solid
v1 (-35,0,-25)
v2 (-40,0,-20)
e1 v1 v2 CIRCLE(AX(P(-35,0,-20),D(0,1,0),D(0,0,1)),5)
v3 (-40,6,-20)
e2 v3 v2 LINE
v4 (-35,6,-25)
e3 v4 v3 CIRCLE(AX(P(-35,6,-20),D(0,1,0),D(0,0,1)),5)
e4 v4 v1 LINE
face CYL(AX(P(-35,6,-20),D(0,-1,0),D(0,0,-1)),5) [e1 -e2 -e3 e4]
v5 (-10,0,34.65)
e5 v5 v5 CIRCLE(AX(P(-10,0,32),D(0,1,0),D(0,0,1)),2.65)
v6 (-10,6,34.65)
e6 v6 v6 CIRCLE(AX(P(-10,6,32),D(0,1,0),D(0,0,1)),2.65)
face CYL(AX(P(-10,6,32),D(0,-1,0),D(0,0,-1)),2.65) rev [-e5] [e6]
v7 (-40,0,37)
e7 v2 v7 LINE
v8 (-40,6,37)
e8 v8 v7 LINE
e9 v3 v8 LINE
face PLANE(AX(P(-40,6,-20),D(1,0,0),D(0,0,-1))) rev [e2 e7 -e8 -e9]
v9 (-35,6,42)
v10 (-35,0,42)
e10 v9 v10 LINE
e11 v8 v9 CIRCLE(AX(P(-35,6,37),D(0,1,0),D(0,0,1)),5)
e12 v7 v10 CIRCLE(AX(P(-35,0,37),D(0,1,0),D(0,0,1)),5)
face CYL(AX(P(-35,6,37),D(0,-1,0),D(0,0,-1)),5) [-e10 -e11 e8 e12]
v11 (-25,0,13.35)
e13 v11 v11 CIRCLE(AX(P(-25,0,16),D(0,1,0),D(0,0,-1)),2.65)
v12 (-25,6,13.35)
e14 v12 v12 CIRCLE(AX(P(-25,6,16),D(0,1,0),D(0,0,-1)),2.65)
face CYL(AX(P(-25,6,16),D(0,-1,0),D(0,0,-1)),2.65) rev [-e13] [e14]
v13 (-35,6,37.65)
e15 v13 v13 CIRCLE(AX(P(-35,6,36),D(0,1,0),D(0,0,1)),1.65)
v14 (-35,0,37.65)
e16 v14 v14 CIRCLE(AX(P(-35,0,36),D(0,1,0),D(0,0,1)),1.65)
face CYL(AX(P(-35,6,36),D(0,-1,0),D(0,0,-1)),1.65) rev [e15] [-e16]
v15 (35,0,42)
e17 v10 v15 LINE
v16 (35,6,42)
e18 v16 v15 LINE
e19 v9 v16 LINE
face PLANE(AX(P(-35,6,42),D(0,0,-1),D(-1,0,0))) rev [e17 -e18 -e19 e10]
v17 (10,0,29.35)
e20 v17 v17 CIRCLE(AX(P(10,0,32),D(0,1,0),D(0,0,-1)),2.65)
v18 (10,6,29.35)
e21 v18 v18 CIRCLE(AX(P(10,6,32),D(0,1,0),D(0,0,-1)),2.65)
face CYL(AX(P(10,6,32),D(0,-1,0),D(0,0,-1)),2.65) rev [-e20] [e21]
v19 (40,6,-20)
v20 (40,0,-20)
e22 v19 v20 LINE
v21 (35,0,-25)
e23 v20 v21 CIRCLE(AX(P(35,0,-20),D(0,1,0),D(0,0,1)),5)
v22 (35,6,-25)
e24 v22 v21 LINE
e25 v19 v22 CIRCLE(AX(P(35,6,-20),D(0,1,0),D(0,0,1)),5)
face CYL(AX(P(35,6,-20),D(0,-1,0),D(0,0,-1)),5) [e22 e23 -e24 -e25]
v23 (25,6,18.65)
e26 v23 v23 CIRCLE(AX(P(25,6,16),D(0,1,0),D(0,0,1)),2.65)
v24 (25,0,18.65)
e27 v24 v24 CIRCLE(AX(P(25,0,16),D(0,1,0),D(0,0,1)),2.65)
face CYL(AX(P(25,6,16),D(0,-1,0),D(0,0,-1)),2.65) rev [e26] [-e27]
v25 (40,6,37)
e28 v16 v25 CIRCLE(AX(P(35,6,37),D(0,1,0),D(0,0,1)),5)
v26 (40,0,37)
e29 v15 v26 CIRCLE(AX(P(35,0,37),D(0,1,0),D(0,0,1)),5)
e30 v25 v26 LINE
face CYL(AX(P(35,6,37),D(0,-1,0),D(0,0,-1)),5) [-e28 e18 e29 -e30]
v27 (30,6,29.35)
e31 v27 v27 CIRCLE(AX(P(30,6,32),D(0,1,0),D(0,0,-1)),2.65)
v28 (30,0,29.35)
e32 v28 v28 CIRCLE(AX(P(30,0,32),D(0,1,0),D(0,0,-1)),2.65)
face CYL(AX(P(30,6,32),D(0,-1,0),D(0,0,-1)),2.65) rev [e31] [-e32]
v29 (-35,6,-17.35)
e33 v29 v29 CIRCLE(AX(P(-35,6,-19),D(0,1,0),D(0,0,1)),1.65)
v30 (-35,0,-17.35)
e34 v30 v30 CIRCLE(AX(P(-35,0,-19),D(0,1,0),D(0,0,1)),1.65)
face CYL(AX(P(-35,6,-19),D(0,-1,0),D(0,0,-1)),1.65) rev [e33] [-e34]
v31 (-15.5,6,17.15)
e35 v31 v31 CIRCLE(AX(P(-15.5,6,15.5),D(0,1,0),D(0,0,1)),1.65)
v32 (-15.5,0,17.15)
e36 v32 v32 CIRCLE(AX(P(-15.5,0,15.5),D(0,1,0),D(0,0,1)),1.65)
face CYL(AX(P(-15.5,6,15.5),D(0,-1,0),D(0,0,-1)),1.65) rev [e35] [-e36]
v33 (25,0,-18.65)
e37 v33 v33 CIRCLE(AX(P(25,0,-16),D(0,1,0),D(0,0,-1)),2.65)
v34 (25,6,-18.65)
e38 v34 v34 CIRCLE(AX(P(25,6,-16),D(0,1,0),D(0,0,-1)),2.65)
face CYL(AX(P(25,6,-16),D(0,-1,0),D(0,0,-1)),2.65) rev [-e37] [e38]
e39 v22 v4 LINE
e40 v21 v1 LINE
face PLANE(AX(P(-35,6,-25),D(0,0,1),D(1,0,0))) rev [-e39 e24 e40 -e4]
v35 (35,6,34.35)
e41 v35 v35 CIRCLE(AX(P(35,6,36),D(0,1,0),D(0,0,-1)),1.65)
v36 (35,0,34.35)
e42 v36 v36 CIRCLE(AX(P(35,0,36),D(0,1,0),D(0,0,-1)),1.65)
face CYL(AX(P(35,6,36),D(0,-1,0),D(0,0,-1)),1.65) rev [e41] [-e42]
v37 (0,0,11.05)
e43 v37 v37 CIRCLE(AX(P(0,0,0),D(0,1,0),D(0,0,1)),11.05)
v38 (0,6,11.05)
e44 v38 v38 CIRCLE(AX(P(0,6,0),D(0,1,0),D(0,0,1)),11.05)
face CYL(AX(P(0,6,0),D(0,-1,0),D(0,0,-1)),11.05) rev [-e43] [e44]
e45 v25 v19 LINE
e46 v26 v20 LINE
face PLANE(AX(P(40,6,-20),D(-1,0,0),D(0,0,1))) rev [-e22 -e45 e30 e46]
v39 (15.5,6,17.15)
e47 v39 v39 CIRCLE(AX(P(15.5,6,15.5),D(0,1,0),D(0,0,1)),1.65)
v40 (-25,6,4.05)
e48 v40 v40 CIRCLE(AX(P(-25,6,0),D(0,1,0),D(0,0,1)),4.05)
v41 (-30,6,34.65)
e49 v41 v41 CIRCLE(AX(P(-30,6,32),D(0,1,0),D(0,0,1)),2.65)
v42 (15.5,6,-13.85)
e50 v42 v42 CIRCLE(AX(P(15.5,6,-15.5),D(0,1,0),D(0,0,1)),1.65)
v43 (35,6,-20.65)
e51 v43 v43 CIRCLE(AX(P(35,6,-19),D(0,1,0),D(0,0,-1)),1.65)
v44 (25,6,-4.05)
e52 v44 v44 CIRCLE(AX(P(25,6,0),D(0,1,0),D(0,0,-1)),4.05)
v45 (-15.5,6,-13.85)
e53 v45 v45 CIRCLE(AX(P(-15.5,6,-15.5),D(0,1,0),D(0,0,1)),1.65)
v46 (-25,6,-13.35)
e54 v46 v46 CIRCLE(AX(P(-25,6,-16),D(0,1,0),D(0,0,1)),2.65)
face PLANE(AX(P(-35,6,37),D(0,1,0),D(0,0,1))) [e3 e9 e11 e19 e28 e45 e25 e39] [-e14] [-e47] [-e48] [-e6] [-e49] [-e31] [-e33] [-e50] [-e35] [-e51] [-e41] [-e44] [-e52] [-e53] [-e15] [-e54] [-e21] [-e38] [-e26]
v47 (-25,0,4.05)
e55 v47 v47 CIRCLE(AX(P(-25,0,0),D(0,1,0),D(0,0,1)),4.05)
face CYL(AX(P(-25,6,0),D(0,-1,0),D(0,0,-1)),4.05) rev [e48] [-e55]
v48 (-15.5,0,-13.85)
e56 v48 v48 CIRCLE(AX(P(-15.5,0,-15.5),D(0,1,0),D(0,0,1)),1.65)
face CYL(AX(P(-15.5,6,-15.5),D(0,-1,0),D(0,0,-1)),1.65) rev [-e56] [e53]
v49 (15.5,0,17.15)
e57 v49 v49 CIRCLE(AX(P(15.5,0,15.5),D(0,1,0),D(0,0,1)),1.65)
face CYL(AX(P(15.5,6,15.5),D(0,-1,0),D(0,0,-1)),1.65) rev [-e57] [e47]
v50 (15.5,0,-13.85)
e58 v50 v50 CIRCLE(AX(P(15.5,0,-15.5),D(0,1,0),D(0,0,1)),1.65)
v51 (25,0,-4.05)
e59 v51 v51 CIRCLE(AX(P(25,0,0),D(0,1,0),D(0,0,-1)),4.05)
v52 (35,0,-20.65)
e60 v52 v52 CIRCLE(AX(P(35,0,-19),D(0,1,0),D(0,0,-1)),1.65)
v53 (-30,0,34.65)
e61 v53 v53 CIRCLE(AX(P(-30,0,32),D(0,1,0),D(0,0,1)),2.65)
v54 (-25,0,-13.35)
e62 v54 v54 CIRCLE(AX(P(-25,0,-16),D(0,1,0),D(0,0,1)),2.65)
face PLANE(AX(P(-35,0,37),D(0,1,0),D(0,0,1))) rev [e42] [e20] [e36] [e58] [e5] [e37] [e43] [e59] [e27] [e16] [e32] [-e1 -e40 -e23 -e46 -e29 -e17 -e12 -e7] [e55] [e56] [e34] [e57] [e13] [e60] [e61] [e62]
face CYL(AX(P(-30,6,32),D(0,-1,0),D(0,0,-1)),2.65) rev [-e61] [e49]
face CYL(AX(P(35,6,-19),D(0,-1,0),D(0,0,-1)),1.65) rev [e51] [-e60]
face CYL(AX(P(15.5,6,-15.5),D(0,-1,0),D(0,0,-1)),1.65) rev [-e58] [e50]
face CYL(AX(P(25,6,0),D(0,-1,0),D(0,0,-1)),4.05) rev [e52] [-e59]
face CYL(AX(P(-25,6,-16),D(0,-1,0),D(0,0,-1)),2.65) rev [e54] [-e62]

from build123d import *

# Parameters (mm, degrees)
SKETCH_1_R      = 11.05
SKETCH_1_R_2    = 1.65
SKETCH_1_R_3    = 4.05
SKETCH_1_R_4    = 2.65
EXTRUDE_1_DEPTH = 6


with BuildPart() as part:
    # 草图1 → 凸台-拉伸1 (new body)
    with BuildSketch(Plane(origin=(0, 0, 0), x_dir=(1, 0, 0), z_dir=(0, 1, 0))):
        with BuildLine():
            Line((-35, -42), (35, -42))
            ThreePointArc((35, -42), (38.535533906, -40.535533906), (40, -37))
            Line((40, -37), (40, 20))
            ThreePointArc((40, 20), (38.535533906, 23.535533906), (35, 25))
            Line((35, 25), (-35, 25))
            ThreePointArc((-35, 25), (-38.535533906, 23.535533906), (-40, 20))
            Line((-40, 20), (-40, -37))
            ThreePointArc((-40, -37), (-38.535533906, -40.535533906), (-35, -42))
        make_face()
        with Locations(Location((0, 0, 0), (0, 0, 270))):
            Circle(SKETCH_1_R, mode=Mode.SUBTRACT)
        with Locations(Location((-15.5, 15.5, 0), (0, 0, 270))):
            Circle(SKETCH_1_R_2, mode=Mode.SUBTRACT)
        with Locations(Location((15.5, 15.5, 0), (0, 0, 270))):
            Circle(SKETCH_1_R_2, mode=Mode.SUBTRACT)
        with Locations(Location((15.5, -15.5, 0), (0, 0, 270))):
            Circle(SKETCH_1_R_2, mode=Mode.SUBTRACT)
        with Locations(Location((-15.5, -15.5, 0), (0, 0, 270))):
            Circle(SKETCH_1_R_2, mode=Mode.SUBTRACT)
        with Locations(Location((-25, 0, 0), (0, 0, 270))):
            Circle(SKETCH_1_R_3, mode=Mode.SUBTRACT)
        with Locations(Location((-25, 16, 0), (0, 0, 270))):
            Circle(SKETCH_1_R_4, mode=Mode.SUBTRACT)
        with Locations(Location((-25, -16, 0), (0, 0, 90))):
            Circle(SKETCH_1_R_4, mode=Mode.SUBTRACT)
        with Locations(Location((25, 0, 0), (0, 0, 90))):
            Circle(SKETCH_1_R_3, mode=Mode.SUBTRACT)
        with Locations(Location((25, -16, 0), (0, 0, 270))):
            Circle(SKETCH_1_R_4, mode=Mode.SUBTRACT)
        with Locations(Location((25, 16, 0), (0, 0, 90))):
            Circle(SKETCH_1_R_4, mode=Mode.SUBTRACT)
        with Locations(Location((-35, 19, 0), (0, 0, 270))):
            Circle(SKETCH_1_R_2, mode=Mode.SUBTRACT)
        with Locations(Location((-35, -36, 0), (0, 0, 270))):
            Circle(SKETCH_1_R_2, mode=Mode.SUBTRACT)
        with Locations(Location((35, -36, 0), (0, 0, 90))):
            Circle(SKETCH_1_R_2, mode=Mode.SUBTRACT)
        with Locations(Location((35, 19, 0), (0, 0, 90))):
            Circle(SKETCH_1_R_2, mode=Mode.SUBTRACT)
        with Locations(Location((-10, -32, 0), (0, 0, 270))):
            Circle(SKETCH_1_R_4, mode=Mode.SUBTRACT)
        with Locations(Location((-30, -32, 0), (0, 0, 270))):
            Circle(SKETCH_1_R_4, mode=Mode.SUBTRACT)
        with Locations(Location((30, -32, 0), (0, 0, 90))):
            Circle(SKETCH_1_R_4, mode=Mode.SUBTRACT)
        with Locations(Location((10, -32, 0), (0, 0, 90))):
            Circle(SKETCH_1_R_4, mode=Mode.SUBTRACT)
    extrude(amount=EXTRUDE_1_DEPTH)


solid = part.part
